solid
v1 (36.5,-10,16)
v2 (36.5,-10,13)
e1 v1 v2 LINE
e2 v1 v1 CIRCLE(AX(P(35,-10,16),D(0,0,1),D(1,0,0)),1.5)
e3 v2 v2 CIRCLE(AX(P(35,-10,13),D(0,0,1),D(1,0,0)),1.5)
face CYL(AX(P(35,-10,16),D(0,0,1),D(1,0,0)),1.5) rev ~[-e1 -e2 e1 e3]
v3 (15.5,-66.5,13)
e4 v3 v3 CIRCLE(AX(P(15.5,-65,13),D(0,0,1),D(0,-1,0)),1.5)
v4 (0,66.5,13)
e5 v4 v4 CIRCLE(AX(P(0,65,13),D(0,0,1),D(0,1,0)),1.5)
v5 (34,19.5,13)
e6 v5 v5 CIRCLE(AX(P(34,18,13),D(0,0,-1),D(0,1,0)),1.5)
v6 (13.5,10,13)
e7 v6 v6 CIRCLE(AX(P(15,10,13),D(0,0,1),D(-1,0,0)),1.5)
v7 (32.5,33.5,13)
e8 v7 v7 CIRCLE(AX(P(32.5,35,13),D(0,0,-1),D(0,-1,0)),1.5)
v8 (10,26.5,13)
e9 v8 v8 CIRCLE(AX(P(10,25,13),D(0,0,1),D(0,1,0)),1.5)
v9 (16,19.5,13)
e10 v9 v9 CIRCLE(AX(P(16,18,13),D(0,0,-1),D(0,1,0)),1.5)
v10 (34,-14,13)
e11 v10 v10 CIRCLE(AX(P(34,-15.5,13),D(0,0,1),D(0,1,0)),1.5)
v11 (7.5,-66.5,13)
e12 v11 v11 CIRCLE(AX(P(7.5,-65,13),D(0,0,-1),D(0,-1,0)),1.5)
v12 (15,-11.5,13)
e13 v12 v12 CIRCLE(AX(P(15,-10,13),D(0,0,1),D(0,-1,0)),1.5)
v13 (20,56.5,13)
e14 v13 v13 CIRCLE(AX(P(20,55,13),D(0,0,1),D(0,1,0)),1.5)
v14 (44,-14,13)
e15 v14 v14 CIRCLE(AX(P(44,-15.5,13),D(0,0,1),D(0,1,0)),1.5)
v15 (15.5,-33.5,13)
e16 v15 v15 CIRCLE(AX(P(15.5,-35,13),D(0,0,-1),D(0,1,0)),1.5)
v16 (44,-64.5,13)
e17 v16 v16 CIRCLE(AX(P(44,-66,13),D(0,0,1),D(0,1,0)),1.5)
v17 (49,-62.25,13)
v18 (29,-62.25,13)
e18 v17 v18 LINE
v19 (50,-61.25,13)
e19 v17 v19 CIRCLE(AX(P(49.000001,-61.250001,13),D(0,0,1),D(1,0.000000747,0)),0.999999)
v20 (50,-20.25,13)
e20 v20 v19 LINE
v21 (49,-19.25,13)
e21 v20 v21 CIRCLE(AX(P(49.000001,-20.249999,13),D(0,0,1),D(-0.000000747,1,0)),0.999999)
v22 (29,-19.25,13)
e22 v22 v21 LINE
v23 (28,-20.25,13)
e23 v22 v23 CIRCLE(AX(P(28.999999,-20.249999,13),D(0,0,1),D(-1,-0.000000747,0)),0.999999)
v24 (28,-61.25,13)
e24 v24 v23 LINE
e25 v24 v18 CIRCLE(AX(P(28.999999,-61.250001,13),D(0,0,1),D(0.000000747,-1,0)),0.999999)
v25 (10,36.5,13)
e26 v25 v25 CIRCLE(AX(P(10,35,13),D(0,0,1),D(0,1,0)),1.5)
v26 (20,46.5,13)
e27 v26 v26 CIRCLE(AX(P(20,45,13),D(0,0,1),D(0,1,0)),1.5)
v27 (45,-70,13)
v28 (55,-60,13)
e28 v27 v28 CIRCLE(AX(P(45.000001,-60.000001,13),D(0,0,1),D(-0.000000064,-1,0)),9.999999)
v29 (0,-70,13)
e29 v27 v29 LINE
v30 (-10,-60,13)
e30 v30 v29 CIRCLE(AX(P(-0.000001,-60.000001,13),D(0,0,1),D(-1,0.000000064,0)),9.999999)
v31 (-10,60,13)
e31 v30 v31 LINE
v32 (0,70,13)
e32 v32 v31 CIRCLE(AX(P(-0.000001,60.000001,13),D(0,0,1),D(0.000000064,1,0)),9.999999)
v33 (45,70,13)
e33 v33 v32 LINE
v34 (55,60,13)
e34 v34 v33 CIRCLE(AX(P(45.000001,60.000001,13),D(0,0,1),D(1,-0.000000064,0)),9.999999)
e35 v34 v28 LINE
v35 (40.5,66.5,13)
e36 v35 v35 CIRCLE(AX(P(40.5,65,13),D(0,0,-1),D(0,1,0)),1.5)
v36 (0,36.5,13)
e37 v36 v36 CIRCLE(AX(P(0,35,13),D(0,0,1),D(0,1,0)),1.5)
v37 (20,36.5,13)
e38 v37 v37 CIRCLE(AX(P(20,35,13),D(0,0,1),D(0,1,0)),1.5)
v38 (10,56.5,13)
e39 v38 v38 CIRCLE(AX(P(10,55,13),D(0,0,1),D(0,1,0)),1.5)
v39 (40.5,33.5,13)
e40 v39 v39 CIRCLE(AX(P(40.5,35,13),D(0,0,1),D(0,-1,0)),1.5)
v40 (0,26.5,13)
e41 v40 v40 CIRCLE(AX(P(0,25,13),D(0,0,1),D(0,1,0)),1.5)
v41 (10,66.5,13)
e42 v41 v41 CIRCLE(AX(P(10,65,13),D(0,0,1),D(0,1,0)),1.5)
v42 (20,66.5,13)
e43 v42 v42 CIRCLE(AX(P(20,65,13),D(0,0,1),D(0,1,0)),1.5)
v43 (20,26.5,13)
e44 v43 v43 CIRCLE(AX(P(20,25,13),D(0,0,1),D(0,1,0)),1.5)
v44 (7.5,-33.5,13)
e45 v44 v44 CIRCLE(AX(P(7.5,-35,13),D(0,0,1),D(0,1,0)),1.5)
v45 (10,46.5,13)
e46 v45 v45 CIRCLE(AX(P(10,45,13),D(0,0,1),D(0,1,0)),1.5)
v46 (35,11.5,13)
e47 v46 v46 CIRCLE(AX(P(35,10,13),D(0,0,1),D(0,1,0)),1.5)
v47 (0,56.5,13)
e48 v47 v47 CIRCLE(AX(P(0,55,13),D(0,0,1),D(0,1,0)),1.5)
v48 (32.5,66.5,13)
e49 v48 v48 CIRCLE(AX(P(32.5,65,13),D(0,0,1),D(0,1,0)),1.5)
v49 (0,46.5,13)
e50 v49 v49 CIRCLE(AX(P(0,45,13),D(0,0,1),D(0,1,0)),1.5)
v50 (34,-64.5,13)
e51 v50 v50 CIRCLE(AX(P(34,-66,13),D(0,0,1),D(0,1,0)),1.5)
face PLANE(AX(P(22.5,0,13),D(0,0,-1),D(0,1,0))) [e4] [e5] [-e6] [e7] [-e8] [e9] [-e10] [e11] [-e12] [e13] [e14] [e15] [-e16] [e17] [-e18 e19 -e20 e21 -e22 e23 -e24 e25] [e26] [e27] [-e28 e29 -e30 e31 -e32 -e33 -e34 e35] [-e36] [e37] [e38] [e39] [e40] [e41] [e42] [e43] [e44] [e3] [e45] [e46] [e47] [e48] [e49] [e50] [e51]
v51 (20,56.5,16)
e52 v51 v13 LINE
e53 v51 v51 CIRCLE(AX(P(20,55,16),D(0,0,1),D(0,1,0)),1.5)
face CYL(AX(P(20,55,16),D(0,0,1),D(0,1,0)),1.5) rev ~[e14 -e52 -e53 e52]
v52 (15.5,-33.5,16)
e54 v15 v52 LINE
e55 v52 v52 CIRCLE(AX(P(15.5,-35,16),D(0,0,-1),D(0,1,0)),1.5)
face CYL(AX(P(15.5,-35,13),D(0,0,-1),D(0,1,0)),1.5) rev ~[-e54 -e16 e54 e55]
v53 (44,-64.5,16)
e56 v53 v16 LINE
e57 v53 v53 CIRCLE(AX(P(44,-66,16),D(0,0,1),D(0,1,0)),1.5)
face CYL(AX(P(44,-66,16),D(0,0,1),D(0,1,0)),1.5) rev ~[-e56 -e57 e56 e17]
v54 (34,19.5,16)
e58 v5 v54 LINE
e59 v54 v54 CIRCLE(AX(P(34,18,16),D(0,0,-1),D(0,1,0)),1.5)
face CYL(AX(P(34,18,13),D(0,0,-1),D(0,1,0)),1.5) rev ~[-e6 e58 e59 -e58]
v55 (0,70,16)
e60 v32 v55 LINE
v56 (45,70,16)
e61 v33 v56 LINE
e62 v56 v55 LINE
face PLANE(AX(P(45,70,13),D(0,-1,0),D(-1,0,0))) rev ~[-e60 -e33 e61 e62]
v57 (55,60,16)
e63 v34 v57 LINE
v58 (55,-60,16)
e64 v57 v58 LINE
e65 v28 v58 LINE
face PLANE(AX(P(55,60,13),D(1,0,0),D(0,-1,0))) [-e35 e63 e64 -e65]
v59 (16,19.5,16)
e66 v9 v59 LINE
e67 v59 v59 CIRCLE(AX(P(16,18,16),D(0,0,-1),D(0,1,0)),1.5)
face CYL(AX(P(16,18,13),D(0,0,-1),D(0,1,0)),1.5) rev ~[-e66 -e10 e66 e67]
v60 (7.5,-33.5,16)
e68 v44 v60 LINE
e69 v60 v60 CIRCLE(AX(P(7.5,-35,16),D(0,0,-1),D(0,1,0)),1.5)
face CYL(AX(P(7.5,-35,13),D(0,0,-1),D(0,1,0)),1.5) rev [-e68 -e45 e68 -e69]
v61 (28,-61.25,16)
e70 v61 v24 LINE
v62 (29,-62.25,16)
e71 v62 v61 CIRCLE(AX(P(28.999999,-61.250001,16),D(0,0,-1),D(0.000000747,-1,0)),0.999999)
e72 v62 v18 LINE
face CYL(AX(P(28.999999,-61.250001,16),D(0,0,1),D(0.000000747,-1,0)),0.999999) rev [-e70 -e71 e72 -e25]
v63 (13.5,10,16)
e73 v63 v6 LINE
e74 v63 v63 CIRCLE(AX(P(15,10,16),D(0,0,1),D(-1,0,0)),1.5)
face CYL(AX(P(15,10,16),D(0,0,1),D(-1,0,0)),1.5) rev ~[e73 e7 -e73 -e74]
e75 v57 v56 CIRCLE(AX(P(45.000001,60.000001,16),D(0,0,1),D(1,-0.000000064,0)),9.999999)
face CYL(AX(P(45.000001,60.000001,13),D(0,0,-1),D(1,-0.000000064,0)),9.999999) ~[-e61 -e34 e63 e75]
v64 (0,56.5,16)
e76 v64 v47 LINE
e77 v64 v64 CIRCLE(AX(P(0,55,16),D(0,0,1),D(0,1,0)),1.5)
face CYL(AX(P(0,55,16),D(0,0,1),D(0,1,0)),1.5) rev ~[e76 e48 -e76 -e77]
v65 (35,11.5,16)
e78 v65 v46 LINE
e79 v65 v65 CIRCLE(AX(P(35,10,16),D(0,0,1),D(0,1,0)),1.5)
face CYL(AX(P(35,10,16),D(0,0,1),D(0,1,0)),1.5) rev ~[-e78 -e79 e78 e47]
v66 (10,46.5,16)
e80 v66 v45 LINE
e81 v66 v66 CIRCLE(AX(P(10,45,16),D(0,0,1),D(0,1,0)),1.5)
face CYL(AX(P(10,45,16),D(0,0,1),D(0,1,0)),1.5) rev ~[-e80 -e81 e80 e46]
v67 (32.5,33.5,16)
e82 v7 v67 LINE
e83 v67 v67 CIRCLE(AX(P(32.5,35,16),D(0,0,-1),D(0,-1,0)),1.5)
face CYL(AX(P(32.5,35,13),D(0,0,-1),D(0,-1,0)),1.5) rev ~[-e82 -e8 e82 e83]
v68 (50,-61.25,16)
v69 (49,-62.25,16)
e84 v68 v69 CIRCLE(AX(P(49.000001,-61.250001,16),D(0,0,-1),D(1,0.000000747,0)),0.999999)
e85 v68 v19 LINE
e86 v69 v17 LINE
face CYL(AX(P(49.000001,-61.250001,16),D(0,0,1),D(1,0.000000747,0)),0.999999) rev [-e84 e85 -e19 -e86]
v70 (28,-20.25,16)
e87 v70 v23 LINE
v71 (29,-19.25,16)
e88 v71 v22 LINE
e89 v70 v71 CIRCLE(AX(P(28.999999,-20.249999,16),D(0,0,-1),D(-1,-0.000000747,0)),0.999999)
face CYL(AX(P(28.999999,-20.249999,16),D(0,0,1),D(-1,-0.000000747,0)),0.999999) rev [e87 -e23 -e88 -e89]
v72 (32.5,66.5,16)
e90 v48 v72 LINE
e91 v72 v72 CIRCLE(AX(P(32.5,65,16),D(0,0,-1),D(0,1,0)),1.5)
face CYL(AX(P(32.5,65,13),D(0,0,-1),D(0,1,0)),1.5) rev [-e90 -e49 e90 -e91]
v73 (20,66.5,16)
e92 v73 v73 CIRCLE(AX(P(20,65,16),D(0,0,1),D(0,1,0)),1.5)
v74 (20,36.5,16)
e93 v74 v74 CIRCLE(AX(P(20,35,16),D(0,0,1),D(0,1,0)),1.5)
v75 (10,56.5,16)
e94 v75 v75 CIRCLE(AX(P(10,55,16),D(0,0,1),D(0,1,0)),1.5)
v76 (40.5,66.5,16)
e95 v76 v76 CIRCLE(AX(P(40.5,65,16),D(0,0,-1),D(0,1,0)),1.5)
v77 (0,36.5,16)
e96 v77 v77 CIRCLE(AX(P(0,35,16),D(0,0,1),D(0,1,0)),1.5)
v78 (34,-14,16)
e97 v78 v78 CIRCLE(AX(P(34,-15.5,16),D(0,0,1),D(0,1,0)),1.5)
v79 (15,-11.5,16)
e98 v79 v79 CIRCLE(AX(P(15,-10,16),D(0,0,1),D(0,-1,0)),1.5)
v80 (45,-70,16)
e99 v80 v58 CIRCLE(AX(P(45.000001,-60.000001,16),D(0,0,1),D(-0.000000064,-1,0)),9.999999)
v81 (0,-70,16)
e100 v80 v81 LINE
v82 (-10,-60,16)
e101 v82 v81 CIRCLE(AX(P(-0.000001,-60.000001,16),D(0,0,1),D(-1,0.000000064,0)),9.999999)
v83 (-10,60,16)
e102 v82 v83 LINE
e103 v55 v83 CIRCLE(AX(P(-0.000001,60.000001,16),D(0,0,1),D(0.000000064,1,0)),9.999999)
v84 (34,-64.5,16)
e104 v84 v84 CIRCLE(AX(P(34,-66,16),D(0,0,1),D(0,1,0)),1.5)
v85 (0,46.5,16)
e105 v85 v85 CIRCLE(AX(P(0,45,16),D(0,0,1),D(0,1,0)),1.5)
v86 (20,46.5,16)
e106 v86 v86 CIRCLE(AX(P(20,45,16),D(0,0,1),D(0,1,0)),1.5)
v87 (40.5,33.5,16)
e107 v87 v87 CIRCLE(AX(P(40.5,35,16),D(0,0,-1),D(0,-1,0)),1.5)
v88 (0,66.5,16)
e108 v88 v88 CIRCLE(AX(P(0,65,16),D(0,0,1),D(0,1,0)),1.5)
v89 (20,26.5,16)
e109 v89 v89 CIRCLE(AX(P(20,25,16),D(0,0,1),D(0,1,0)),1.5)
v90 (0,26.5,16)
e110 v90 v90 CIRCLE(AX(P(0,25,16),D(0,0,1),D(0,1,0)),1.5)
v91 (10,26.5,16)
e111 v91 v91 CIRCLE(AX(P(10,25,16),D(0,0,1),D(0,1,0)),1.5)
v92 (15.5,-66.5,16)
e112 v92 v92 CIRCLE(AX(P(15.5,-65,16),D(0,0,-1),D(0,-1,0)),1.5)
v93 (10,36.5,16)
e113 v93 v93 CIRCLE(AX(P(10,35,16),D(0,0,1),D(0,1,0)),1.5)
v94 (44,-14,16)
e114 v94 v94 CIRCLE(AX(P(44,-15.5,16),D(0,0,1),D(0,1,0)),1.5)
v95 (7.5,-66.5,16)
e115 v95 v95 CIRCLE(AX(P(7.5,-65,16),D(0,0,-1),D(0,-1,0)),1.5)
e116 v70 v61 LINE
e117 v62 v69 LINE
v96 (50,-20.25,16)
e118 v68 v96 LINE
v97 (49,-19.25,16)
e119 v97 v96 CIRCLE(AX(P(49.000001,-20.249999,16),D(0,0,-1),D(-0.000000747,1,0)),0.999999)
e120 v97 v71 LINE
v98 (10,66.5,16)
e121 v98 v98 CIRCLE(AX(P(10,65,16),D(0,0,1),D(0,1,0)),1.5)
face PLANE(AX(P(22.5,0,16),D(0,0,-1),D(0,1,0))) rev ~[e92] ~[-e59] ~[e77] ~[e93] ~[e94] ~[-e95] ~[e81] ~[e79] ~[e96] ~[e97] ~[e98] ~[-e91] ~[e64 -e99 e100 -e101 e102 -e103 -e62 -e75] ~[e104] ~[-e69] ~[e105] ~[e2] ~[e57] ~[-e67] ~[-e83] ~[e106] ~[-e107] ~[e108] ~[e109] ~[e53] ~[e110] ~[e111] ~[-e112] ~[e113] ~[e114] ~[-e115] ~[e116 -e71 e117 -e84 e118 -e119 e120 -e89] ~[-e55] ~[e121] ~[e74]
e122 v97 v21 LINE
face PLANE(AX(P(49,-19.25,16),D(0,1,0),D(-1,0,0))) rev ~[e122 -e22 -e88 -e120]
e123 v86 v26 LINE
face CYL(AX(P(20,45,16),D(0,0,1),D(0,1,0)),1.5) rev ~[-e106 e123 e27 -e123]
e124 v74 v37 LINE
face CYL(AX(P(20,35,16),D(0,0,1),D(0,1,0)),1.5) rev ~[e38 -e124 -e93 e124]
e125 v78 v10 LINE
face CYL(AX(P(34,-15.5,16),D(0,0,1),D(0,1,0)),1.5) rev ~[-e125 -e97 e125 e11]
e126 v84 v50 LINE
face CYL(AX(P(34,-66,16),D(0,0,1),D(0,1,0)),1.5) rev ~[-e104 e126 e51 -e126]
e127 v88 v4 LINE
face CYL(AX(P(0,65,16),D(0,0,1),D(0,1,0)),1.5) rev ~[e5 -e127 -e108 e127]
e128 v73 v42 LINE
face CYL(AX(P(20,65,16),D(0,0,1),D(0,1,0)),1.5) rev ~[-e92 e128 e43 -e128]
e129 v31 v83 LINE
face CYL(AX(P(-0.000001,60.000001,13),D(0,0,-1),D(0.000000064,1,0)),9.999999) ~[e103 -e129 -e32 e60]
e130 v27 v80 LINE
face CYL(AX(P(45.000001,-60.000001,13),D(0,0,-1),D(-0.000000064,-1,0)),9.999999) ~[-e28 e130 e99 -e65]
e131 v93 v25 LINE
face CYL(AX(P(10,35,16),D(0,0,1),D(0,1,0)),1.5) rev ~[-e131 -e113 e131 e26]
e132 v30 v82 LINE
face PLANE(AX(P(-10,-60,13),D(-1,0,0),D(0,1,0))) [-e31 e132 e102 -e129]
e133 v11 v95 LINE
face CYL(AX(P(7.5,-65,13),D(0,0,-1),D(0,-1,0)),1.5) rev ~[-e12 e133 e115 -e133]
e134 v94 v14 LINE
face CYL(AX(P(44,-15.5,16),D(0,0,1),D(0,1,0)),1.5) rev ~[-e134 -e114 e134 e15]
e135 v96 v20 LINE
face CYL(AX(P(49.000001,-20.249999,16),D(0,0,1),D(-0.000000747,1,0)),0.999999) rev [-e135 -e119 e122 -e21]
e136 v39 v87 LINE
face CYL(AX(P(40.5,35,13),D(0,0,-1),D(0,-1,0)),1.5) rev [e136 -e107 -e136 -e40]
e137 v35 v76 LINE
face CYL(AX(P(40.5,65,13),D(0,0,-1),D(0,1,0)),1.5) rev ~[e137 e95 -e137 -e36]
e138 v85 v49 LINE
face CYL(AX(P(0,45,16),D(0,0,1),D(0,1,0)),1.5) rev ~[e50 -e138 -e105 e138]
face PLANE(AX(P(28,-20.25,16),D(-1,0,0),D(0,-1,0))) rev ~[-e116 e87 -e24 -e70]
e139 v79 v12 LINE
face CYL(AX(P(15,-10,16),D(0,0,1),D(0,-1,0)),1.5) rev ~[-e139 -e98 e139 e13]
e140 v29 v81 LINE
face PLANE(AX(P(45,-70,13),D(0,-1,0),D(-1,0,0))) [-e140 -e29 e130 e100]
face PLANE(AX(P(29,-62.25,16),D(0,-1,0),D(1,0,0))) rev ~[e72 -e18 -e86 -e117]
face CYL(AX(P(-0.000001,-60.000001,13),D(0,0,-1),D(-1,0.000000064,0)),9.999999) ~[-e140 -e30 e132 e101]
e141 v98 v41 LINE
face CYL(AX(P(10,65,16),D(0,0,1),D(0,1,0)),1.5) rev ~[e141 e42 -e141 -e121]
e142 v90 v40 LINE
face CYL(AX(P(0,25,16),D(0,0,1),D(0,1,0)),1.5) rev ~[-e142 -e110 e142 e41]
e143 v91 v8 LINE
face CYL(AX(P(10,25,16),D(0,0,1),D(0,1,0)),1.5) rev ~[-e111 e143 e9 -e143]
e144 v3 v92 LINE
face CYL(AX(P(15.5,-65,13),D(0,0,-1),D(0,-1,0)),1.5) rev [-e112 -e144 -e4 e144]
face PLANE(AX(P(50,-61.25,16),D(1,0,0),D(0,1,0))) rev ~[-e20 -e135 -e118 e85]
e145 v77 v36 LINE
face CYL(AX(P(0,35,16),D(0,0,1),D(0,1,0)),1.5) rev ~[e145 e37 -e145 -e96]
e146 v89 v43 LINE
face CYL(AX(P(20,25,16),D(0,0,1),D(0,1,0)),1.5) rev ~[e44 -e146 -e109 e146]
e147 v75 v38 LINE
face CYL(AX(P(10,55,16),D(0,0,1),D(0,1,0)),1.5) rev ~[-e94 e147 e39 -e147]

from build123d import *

# Parameters (mm, degrees)
PAD096_DEPTH                       = 3
SKETCH195_R                        = 1.5
POCKET075_DEPTH                    = 5
POLARPATTERN011_COUNT              = 4
SKETCH196_R                        = 1.5
POCKET076_DEPTH                    = 5
SKETCH196_LINEARPATTERN003_2_R     = 1.5
POCKET076_LINEARPATTERN003_2_DEPTH = 5
SKETCH196_LINEARPATTERN003_3_R     = 1.5
POCKET076_LINEARPATTERN003_3_DEPTH = 5
SKETCH196_LINEARPATTERN003_4_R     = 1.5
POCKET076_LINEARPATTERN003_4_DEPTH = 5
SKETCH196_LINEARPATTERN003_5_R     = 1.5
POCKET076_LINEARPATTERN003_5_DEPTH = 5
LINEARPATTERN004_COUNT             = 3
LINEARPATTERN004_PITCH             = 10
SKETCH197_R                        = 1.5
POCKET077_DEPTH                    = 5
SKETCH206_R                        = 1.5
POCKET081_DEPTH                    = 311.766283
SKETCH206_MIRRORED001_2_R          = 1.5
POCKET081_MIRRORED001_2_DEPTH      = 311.766283
SKETCH207_R                        = 1.5
POCKET082_DEPTH                    = 5
SKETCH207_MIRRORED003_2_R          = 1.5
POCKET082_MIRRORED003_2_DEPTH      = 5
SKETCH220_R                        = 1.5
POCKET089_DEPTH                    = 5
BODY074_ROLL_ANGLE                 = 90
BODY074_PLACEMENT_ANGLE            = 90


with BuildPart() as part:
    # Sketch194 → Pad096 (new body)
    with BuildSketch(Plane(origin=(0, 0, 0), x_dir=(-1, 0, 0), z_dir=(0, 1, 0))):
        with BuildLine():
            Line((-60, 30), (60, 30))
            ThreePointArc((70, 20), (67.071068, 27.071068), (60, 30))
            Line((70, 20), (70, -25))
            ThreePointArc((60, -35), (67.071068, -32.071068), (70, -25))
            Line((60, -35), (-60, -35))
            ThreePointArc((-70, -25), (-67.071068, -32.071068), (-60, -35))
            Line((-70, 20), (-70, -25))
            ThreePointArc((-60, 30), (-67.071068, 27.071068), (-70, 20))
        make_face()
    extrude(amount=PAD096_DEPTH)

    # Sketch195 (on Face10 of Pad096) → Pocket075 (cut)
    with BuildSketch(Plane(origin=(0, 3, 0), x_dir=(1, 0, 0), z_dir=(0, 1, 0))):
        with Locations((10, -10)):
            Circle(SKETCH195_R)
    pocket075 = extrude(amount=-POCKET075_DEPTH, mode=Mode.SUBTRACT)

    # PolarPattern011: Pocket075 ×4 about axis
    polarpattern011_axis = Axis((0, 3, 0), (0, 1, 0))
    for i in range(1, POLARPATTERN011_COUNT):
        add(pocket075.rotate(polarpattern011_axis, i * 360 / POLARPATTERN011_COUNT), mode=Mode.SUBTRACT)

    # Sketch196 (on Face5 of PolarPattern011) → Pocket076 (cut)
    with BuildSketch(Plane(origin=(65, 3, -5), x_dir=(1, 0, 0), z_dir=(0, 1, 0))):
        Circle(SKETCH196_R)
    pocket076 = extrude(amount=-POCKET076_DEPTH, mode=Mode.SUBTRACT)

    # Sketch196 LinearPattern003 2 → Pocket076 LinearPattern003 2 (cut)
    with BuildSketch(Plane(origin=(55, 3, -5), x_dir=(1, 0, 0), z_dir=(0, 1, 0))):
        Circle(SKETCH196_LINEARPATTERN003_2_R)
    pocket076_linearpattern003_2 = extrude(amount=-POCKET076_LINEARPATTERN003_2_DEPTH, mode=Mode.SUBTRACT)

    # Sketch196 LinearPattern003 3 → Pocket076 LinearPattern003 3 (cut)
    with BuildSketch(Plane(origin=(45, 3, -5), x_dir=(1, 0, 0), z_dir=(0, 1, 0))):
        Circle(SKETCH196_LINEARPATTERN003_3_R)
    pocket076_linearpattern003_3 = extrude(amount=-POCKET076_LINEARPATTERN003_3_DEPTH, mode=Mode.SUBTRACT)

    # Sketch196 LinearPattern003 4 → Pocket076 LinearPattern003 4 (cut)
    with BuildSketch(Plane(origin=(35, 3, -5), x_dir=(1, 0, 0), z_dir=(0, 1, 0))):
        Circle(SKETCH196_LINEARPATTERN003_4_R)
    pocket076_linearpattern003_4 = extrude(amount=-POCKET076_LINEARPATTERN003_4_DEPTH, mode=Mode.SUBTRACT)

    # Sketch196 LinearPattern003 5 → Pocket076 LinearPattern003 5 (cut)
    with BuildSketch(Plane(origin=(25, 3, -5), x_dir=(1, 0, 0), z_dir=(0, 1, 0))):
        Circle(SKETCH196_LINEARPATTERN003_5_R)
    pocket076_linearpattern003_5 = extrude(amount=-POCKET076_LINEARPATTERN003_5_DEPTH, mode=Mode.SUBTRACT)

    # LinearPattern004: Pocket076, Pocket076 LinearPattern003 2, Pocket076 LinearPattern003 3, Pocket076 LinearPattern003 4, Pocket076 LinearPattern003 5 ×3
    with Locations(*[(0, 0, -i * LINEARPATTERN004_PITCH) for i in range(1, LINEARPATTERN004_COUNT)]):
        add(pocket076, mode=Mode.SUBTRACT)
        add(pocket076_linearpattern003_2, mode=Mode.SUBTRACT)
        add(pocket076_linearpattern003_3, mode=Mode.SUBTRACT)
        add(pocket076_linearpattern003_4, mode=Mode.SUBTRACT)
        add(pocket076_linearpattern003_5, mode=Mode.SUBTRACT)

    # Sketch197 (on Face5 of MultiTransform) → Pocket077 (cut)
    with BuildSketch(Plane(origin=(0, 3, 0), x_dir=(1, 0, 0), z_dir=(0, 1, 0))):
        with Locations((-66, -9)):
            Circle(SKETCH197_R)
        with Locations((-66, -19)):
            Circle(SKETCH197_R)
        with Locations((-15.5, -9)):
            Circle(SKETCH197_R)
        with Locations((-15.5, -19)):
            Circle(SKETCH197_R)
        with BuildLine():
            Line((-19.25, -24), (-19.25, -4))
            ThreePointArc((-20.25, -3), (-19.542893, -3.292893), (-19.25, -4))
            Line((-20.25, -3), (-61.25, -3))
            ThreePointArc((-62.25, -4), (-61.957107, -3.292893), (-61.25, -3))
            Line((-62.25, -4), (-62.25, -24))
            ThreePointArc((-61.25, -25), (-61.957107, -24.707107), (-62.25, -24))
            Line((-61.25, -25), (-20.25, -25))
            ThreePointArc((-19.25, -24), (-19.542893, -24.707107), (-20.25, -25))
        make_face()
    extrude(amount=-POCKET077_DEPTH, mode=Mode.SUBTRACT)

    # Sketch206 → Pocket081 (cut, through all)
    with BuildSketch(Plane(origin=(50, 0, 11.5), x_dir=(1, 0, 0), z_dir=(0, -1, 0))):
        with Locations((15, 4)):
            Circle(SKETCH206_R)
    pocket081 = extrude(amount=-POCKET081_DEPTH, mode=Mode.SUBTRACT)

    # Sketch206 Mirrored001 2 → Pocket081 Mirrored001 2 (cut, through all)
    with BuildSketch(Plane(origin=(50, 0, 11.5), x_dir=(-1, 0, 0), z_dir=(0, 1, 0))):
        with Locations((15, 4)):
            Circle(SKETCH206_MIRRORED001_2_R)
    pocket081_mirrored001_2 = extrude(amount=POCKET081_MIRRORED001_2_DEPTH, mode=Mode.SUBTRACT)

    # Mirrored002: Pocket081, Pocket081 Mirrored001 2 across Sketch206 H_Axis
    add(pocket081.mirror(Plane(origin=(50, 0, 11.5), x_dir=(0, -1, 0), z_dir=(0, 0, 1))), mode=Mode.SUBTRACT)
    add(pocket081_mirrored001_2.mirror(Plane(origin=(50, 0, 11.5), x_dir=(0, -1, 0), z_dir=(0, 0, 1))), mode=Mode.SUBTRACT)

    # Sketch207 → Pocket082 (cut)
    with BuildSketch(Plane(origin=(-50, 0, -13.5), x_dir=(1, 0, 0), z_dir=(0, -1, 0))):
        with Locations((15, 4)):
            Circle(SKETCH207_R)
    pocket082 = extrude(amount=-POCKET082_DEPTH, mode=Mode.SUBTRACT)

    # Sketch207 Mirrored003 2 → Pocket082 Mirrored003 2 (cut)
    with BuildSketch(Plane(origin=(-50, 0, -13.5), x_dir=(-1, 0, 0), z_dir=(0, 1, 0))):
        with Locations((15, 4)):
            Circle(SKETCH207_MIRRORED003_2_R)
    pocket082_mirrored003_2 = extrude(amount=POCKET082_MIRRORED003_2_DEPTH, mode=Mode.SUBTRACT)

    # Mirrored004: Pocket082, Pocket082 Mirrored003 2 across Sketch207 H_Axis
    add(pocket082.mirror(Plane(origin=(-50, 0, -13.5), x_dir=(0, -1, 0), z_dir=(0, 0, 1))), mode=Mode.SUBTRACT)
    add(pocket082_mirrored003_2.mirror(Plane(origin=(-50, 0, -13.5), x_dir=(0, -1, 0), z_dir=(0, 0, 1))), mode=Mode.SUBTRACT)

    # Sketch220 → Pocket089 (cut)
    with BuildSketch(Plane(origin=(18, 0, 0), x_dir=(1, 0, 0), z_dir=(0, -1, 0))):
        with Locations((0, 9)):
            Circle(SKETCH220_R)
        with Locations((0, -9)):
            Circle(SKETCH220_R)
    extrude(amount=-POCKET089_DEPTH, mode=Mode.SUBTRACT)


with BuildPart() as part_1:
    # Body074 roll: moved
    add(part.part.rotate(Axis((0, 0, 0), (1, 0, 0)), BODY074_ROLL_ANGLE))


with BuildPart() as part_2:
    # Body074 placement: moved
    add(part_1.part.moved(Location((25, 0, 13))).rotate(Axis((25, 0, 13), (0, 0, 1)), BODY074_PLACEMENT_ANGLE))


solid = part_2.part
